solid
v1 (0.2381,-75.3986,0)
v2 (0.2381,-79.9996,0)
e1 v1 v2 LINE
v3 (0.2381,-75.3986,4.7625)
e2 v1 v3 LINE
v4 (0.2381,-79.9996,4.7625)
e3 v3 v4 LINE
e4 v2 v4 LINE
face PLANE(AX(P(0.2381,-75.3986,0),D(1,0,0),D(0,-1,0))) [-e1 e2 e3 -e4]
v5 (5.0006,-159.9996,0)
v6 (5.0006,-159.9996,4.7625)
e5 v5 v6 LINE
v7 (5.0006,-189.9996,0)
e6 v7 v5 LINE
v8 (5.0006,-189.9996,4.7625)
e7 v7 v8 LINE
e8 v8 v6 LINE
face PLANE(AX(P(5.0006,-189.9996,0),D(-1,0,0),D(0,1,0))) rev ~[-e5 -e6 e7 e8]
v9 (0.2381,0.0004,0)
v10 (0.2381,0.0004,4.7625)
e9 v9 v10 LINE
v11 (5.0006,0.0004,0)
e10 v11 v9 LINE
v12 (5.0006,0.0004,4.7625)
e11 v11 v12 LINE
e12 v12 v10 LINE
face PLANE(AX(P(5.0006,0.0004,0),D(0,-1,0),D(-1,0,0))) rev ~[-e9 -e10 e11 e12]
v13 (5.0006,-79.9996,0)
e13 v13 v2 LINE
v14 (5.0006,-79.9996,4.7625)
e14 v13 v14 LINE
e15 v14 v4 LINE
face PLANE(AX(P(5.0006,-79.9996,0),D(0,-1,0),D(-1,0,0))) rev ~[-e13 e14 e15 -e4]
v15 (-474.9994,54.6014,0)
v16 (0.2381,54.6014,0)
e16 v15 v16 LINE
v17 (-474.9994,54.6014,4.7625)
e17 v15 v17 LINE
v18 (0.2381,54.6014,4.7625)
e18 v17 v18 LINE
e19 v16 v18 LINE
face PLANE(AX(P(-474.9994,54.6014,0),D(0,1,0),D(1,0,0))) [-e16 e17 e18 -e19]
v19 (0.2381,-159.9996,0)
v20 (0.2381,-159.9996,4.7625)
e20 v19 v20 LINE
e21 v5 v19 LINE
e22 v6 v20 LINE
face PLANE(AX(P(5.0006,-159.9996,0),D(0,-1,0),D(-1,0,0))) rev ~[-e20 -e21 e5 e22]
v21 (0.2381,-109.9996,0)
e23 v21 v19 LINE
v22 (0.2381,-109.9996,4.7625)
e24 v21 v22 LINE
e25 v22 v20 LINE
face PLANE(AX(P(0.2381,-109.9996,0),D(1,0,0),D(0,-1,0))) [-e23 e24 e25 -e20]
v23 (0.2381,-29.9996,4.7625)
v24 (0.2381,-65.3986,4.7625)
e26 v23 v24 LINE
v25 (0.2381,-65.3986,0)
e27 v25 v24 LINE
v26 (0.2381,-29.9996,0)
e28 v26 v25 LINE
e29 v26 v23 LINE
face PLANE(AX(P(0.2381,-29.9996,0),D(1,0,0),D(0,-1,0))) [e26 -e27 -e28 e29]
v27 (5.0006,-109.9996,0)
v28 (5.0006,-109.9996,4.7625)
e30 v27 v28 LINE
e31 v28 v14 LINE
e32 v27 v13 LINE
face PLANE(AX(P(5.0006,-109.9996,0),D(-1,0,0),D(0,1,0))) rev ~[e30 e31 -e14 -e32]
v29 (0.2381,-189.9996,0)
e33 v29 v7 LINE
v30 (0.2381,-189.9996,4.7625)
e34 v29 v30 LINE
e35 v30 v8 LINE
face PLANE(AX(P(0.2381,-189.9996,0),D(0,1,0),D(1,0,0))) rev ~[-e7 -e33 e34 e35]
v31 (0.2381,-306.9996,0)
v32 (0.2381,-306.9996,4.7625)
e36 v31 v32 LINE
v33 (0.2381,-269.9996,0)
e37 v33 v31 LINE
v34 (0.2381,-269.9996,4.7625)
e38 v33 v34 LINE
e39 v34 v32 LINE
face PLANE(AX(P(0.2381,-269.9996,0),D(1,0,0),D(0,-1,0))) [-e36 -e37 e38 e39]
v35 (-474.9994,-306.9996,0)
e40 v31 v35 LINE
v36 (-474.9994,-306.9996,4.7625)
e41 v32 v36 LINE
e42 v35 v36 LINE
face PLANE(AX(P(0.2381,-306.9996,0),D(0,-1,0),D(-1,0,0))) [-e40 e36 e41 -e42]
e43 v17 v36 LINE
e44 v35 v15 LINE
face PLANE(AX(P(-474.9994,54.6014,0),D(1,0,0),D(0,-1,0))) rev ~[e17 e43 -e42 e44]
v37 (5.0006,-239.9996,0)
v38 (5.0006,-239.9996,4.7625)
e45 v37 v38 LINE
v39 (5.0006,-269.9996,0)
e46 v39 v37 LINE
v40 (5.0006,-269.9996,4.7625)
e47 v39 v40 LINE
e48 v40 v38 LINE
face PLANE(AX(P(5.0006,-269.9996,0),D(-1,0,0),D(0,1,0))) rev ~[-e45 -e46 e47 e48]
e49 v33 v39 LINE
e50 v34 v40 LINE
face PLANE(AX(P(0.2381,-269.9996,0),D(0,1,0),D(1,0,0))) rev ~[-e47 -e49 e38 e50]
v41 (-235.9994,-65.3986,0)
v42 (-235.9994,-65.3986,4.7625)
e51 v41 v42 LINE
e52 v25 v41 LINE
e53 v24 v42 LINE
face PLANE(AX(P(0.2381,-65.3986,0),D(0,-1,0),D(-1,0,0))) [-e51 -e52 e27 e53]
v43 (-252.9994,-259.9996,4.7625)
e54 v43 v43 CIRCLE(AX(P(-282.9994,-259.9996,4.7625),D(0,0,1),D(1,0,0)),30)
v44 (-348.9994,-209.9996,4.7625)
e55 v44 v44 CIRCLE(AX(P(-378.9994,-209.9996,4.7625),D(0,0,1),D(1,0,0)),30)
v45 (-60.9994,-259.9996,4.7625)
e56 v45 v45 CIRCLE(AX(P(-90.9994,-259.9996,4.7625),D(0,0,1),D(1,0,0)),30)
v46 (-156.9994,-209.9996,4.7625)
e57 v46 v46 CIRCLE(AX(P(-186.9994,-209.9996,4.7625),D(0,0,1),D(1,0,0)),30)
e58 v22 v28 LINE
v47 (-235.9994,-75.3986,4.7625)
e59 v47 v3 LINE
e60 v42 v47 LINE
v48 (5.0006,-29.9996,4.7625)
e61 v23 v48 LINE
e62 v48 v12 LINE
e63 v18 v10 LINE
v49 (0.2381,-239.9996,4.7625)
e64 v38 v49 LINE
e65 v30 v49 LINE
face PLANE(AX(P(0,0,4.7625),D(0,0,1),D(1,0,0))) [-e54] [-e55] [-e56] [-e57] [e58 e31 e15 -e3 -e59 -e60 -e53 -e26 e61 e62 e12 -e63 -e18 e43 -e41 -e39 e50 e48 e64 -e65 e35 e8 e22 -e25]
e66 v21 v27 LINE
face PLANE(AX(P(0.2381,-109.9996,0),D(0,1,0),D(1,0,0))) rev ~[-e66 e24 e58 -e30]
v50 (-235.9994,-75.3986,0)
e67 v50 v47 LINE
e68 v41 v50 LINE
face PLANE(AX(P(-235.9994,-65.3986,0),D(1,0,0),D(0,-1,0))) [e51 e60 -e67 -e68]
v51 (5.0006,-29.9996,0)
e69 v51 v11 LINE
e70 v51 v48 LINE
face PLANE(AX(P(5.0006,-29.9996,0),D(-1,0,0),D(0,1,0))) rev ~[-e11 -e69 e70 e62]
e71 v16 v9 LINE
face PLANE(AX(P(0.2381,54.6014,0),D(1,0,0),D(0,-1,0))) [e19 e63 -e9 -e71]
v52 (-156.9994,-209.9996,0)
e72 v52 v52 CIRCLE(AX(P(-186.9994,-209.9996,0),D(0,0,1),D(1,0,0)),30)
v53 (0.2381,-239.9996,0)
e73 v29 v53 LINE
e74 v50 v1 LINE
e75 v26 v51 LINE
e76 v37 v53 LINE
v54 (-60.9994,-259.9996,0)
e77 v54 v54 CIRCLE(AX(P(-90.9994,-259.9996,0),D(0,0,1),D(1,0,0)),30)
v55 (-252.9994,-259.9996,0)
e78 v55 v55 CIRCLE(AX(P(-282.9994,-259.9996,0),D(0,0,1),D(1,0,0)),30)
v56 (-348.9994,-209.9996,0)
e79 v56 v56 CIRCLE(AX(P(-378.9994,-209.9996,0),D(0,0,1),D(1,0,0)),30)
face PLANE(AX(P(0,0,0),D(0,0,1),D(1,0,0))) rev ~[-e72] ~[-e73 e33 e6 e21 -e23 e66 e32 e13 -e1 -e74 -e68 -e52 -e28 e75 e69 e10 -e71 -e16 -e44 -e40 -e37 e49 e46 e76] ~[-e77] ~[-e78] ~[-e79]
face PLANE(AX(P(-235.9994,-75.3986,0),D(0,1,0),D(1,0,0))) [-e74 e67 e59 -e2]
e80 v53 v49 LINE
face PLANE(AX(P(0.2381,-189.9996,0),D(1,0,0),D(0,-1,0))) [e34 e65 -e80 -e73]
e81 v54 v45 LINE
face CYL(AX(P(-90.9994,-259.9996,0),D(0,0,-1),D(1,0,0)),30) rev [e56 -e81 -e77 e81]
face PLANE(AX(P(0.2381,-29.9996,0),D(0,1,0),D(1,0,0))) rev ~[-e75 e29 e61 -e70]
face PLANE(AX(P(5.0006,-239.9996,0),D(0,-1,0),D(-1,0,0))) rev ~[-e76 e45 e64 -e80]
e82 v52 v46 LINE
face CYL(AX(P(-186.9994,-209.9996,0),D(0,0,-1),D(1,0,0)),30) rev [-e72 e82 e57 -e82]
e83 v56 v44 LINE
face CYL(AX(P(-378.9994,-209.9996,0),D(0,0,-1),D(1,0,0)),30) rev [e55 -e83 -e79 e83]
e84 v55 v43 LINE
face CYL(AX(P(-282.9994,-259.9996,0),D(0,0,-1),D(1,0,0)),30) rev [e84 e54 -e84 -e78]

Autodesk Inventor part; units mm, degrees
ref_plane "YZ Plane" through (0, 0, 0) normal (1, 0, 0) x (0, 1, 0)
ref_plane "XZ Plane" through (0, 0, 0) normal (0, 1, 0) x (-1, 0, 0)
ref_plane "XY Plane" through (0, 0, 0) normal (0, 0, 1) x (1, 0, 0)
ref_plane "Work Plane1" through (0, 0, 0) normal (0, 0, 1) x (1, 0, 0)
sketch "Sketch2" plane through (0, 0, 0) normal (0, 0, 1) x (1, 0, 0)
  line L0 (5.0006, 57.6014) -> (-474.9994, 57.6014)
  line L1 (-474.9994, 57.6014) -> (-474.9994, -309.9996)
  line L2 (-474.9994, -309.9996) -> (5.0006, -309.9996)
  line L3 (5.0006, -309.9996) -> (5.0006, 57.6014)
  line L4 (5.0006, -239.9996) -> (0.2381, -239.9996)
  line L5 (0.2381, -239.9996) -> (0.2381, -269.9996)
  line L6 (0.2381, -269.9996) -> (5.0006, -269.9996)
  line L7 (5.0006, -269.9996) -> (5.0006, -239.9996)
  line L8 (5.0006, -159.9996) -> (0.2381, -159.9996)
  line L9 (0.2381, -159.9996) -> (0.2381, -189.9996)
  line L10 (0.2381, -189.9996) -> (5.0006, -189.9996)
  line L11 (5.0006, -189.9996) -> (5.0006, -159.9996)
  line L12 (5.0006, 0.0004) -> (0.2381, 0.0004)
  line L13 (0.2381, 0.0004) -> (0.2381, -29.9996)
  line L14 (0.2381, -29.9996) -> (5.0006, -29.9996)
  line L15 (5.0006, -29.9996) -> (5.0006, 0.0004)
  line L16 (5.0006, -79.9996) -> (0.2381, -79.9996)
  line L17 (0.2381, -79.9996) -> (0.2381, -109.9996)
  line L18 (0.2381, -109.9996) -> (5.0006, -109.9996)
  line L19 (5.0006, -109.9996) -> (5.0006, -79.9996)
  line L20 (5.0006, 57.6014) -> (0.2381, 57.6014)
  line L21 (0.2381, 57.6014) -> (0.2381, -309.9996)
  line L22 (0.2381, -309.9996) -> (5.0006, -309.9996)
  line L23 (5.0006, -309.9996) -> (5.0006, 57.6014)
  line L24 (5.0006, 57.6014) -> (-474.9994, 57.6014)
  line L25 (-474.9994, 57.6014) -> (-474.9994, 54.6014)
  line L26 (-474.9994, 54.6014) -> (5.0006, 54.6014)
  line L27 (5.0006, 54.6014) -> (5.0006, 57.6014)
  line L28 (-474.9994, -309.9996) -> (5.0006, -309.9996)
  line L29 (5.0006, -309.9996) -> (5.0006, -306.9996)
  line L30 (5.0006, -306.9996) -> (-474.9994, -306.9996)
  line L31 (-474.9994, -306.9996) -> (-474.9994, -309.9996)
  line L32 (5.0006, -65.3986) -> (-474.9994, -65.3986)
  line L33 (-474.9994, -65.3986) -> (-474.9994, -75.3986)
  line L34 (-474.9994, -75.3986) -> (5.0006, -75.3986)
  line L35 (5.0006, -75.3986) -> (5.0006, -65.3986)
  line L36 (-474.9994, -65.3986) -> (-235.9994, -65.3986)
  line L37 (-235.9994, -65.3986) -> (-235.9994, -75.3986)
  line L38 (-235.9994, -75.3986) -> (-474.9994, -75.3986)
  line L39 (-474.9994, -75.3986) -> (-474.9994, -65.3986)
  circle A0 centre (-282.9994, -259.9996) radius 30
  circle A1 centre (-186.9994, -209.9996) radius 30
  circle A2 centre (-90.9994, -259.9996) radius 30
  circle A3 centre (-378.9994, -209.9996) radius 30
  point P0 (0, 0)
  point P1 (0.2381, -306.9996)
  point P2 (0.2381, -239.9996)
  point P3 (0.2381, 54.6014)
  point P4 (-235.9994, -65.3986)
  point P5 (0.2381, -65.3986)
  point P6 (0.2381, -75.3986)
  point P7 (-235.9994, -75.3986)
  dimension "d14" = 480
  dimension "d15" = 367.601
  dimension "d16" = 4.7625
  dimension "d17" = 30
  dimension "d18" = 4.7625
  dimension "d19" = 30
  dimension "d20" = 4.7625
  dimension "d21" = 30
  dimension "d22" = 4.7625
  dimension "d23" = 30
  dimension "d24" = 40
  dimension "d25" = 50
  dimension "d26" = 50
  dimension "d27" = 50
  dimension "d28" = 4.7625
  dimension "d29" = 367.601
  dimension "d30" = 3
  dimension "d31" = 3
  dimension "d34" = 480
  dimension "d35" = 10
  dimension "d36" = 123
  dimension "d37" = 239
  dimension "d38" = 10
  dimension "d39" = 60
  dimension "d40" = 60
  dimension "d41" = 60
  dimension "d42" = 60
  dimension "d43" = 50
  dimension "d45" = 50
  dimension "d46" = 100
  dimension "d47" = 100
  dimension "d48" = 96
  dimension "d49" = 96
  dimension "d50" = 96
  dimension "d51" = 96
extrude "Extrusion1" add sketch "Sketch2" along normal blind 4.7625 contours L21 L13 L32 L1 L26 | L3 L14 L13 L12 | L32 L37 L34 L1 | L34 L21 L17 L9 L5 L30 L1 | L3 L18 L17 L16 | L5 L4 L3 L6 | L3 L10 L9 L8
properties part number "leg 2" material "foam core"
